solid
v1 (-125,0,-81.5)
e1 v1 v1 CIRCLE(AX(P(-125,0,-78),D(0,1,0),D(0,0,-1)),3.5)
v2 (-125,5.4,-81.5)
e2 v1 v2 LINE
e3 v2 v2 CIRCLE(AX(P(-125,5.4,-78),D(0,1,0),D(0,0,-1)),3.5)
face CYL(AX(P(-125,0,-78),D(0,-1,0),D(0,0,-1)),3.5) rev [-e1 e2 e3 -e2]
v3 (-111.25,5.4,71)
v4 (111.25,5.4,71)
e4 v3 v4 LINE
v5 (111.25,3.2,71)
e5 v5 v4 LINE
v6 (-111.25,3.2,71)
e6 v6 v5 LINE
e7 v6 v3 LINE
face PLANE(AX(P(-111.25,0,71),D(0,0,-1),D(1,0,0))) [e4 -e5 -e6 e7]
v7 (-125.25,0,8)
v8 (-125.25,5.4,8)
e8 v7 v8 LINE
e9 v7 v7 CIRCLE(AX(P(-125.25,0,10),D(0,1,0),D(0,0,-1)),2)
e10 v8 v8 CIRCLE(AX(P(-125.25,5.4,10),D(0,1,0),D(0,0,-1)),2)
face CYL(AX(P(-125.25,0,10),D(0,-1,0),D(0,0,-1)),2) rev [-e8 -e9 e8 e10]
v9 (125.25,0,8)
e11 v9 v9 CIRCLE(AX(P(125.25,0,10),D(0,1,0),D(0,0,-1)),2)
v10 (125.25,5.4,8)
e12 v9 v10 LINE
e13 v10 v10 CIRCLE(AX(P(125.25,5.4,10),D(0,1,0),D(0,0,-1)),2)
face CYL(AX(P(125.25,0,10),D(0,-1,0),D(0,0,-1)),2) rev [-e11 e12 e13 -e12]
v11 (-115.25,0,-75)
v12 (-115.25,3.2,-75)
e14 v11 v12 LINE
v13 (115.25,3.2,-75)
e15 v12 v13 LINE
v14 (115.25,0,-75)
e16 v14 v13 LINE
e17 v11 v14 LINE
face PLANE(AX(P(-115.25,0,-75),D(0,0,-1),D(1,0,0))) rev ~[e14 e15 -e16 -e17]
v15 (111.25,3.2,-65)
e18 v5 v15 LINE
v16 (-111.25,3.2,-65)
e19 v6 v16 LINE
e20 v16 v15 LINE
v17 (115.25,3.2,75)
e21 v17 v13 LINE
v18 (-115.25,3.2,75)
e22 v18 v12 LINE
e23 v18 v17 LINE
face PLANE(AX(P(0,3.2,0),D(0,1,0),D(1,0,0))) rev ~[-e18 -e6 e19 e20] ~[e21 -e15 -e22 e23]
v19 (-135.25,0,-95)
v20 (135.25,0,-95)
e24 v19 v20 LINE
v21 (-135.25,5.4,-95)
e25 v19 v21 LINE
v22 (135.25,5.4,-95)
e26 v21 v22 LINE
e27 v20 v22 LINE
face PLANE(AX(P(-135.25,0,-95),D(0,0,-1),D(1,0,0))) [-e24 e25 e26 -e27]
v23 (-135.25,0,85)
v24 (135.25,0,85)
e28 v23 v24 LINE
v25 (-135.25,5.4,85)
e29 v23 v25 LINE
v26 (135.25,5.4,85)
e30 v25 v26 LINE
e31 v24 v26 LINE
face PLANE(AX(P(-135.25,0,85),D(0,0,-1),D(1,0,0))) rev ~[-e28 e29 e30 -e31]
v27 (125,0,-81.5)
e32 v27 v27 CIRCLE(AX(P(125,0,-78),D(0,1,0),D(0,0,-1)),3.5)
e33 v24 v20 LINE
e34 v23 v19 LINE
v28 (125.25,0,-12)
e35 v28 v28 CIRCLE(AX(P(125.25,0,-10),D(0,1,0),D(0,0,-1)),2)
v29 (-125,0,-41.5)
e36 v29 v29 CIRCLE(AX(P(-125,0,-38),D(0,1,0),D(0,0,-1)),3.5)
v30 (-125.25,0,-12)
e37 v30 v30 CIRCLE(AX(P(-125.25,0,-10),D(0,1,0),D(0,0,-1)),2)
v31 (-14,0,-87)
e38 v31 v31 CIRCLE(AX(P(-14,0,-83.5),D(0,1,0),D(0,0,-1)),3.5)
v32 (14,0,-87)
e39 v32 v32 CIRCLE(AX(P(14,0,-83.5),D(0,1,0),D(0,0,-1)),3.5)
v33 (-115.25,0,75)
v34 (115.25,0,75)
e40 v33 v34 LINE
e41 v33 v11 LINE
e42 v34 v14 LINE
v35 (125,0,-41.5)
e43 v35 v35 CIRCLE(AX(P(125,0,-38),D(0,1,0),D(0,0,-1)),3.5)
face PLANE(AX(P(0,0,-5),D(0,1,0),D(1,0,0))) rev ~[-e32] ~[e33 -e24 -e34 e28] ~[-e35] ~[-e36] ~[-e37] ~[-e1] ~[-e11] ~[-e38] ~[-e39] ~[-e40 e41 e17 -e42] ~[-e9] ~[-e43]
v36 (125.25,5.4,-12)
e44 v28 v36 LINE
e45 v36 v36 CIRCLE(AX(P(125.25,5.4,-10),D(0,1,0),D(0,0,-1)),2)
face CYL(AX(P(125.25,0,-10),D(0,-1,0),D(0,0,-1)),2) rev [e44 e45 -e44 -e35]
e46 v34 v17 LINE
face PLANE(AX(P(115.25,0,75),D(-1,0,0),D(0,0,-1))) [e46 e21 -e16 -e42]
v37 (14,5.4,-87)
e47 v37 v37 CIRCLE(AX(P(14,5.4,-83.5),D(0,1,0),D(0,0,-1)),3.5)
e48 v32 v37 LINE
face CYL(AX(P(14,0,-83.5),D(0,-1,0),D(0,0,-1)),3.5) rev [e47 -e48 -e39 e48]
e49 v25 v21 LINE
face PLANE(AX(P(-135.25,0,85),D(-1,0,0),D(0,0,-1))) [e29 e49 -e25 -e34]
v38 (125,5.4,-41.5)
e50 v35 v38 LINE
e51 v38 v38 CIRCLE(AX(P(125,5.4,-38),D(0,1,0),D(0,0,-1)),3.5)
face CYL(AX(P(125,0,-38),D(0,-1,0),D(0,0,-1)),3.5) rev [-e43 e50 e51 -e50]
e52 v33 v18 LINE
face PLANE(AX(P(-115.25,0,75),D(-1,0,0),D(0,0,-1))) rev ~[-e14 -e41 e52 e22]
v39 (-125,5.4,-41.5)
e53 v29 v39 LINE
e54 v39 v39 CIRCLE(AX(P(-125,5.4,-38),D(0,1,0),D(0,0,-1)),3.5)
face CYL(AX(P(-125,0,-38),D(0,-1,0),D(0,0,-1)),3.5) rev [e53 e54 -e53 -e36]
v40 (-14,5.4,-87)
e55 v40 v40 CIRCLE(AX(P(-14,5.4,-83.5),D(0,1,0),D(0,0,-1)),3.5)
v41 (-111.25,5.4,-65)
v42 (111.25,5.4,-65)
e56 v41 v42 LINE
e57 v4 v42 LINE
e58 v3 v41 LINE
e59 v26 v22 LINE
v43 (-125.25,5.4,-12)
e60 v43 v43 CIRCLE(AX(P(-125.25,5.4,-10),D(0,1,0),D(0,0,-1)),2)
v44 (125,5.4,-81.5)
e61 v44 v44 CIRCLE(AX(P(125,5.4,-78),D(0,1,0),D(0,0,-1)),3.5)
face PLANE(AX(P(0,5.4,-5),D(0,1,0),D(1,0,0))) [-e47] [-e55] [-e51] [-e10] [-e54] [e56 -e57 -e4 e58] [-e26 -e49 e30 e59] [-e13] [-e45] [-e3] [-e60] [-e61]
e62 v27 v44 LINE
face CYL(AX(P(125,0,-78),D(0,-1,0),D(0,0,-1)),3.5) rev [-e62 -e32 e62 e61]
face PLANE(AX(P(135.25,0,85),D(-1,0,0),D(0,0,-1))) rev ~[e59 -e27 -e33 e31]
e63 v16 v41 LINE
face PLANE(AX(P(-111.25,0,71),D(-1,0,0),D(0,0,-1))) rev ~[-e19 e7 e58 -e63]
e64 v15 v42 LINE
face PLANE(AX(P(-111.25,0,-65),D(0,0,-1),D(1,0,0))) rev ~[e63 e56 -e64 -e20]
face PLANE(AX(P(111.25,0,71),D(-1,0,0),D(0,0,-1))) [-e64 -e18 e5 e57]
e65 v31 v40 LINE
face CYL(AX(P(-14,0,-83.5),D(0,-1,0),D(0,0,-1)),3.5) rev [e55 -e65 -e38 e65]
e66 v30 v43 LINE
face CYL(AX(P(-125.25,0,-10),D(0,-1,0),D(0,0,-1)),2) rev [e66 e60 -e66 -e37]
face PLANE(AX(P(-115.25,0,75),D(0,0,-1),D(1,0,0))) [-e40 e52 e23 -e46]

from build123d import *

# Parameters (mm, degrees)
SKETCH1_W           = 270.5
SKETCH1_H           = 180
SKETCH1_R           = 2
SKETCH1_R_2         = 3.5
SKETCH1_W_2         = 222.5
SKETCH1_H_2         = 136
BOSS_EXTRUDE1_DEPTH = 5.4
SKETCH1_5_W         = 230.5
SKETCH1_5_H         = 150
CUT_EXTRUDE1_DEPTH  = 3.2


with BuildPart() as part:
    # Sketch1 → Boss-Extrude1 (new body)
    with BuildSketch(Plane(origin=(0, 0, 0), x_dir=(1, 0, 0), z_dir=(0, 1, 0))):
        with Locations((0, 5)):
            Rectangle(SKETCH1_W, SKETCH1_H)
        with Locations(Location((-125.25, -10, 0), (0, 0, 90))):
            Circle(SKETCH1_R, mode=Mode.SUBTRACT)
        with Locations(Location((125.25, -10, 0), (0, 0, 90))):
            Circle(SKETCH1_R, mode=Mode.SUBTRACT)
        with Locations(Location((-125.25, 10, 0), (0, 0, 90))):
            Circle(SKETCH1_R, mode=Mode.SUBTRACT)
        with Locations(Location((-125, 38, 0), (0, 0, 90))):
            Circle(SKETCH1_R_2, mode=Mode.SUBTRACT)
        with Locations(Location((-125, 78, 0), (0, 0, 90))):
            Circle(SKETCH1_R_2, mode=Mode.SUBTRACT)
        with Locations(Location((-14, 83.5, 0), (0, 0, 90))):
            Circle(SKETCH1_R_2, mode=Mode.SUBTRACT)
        with Locations((0, -3)):
            Rectangle(SKETCH1_W_2, SKETCH1_H_2, mode=Mode.SUBTRACT)
        with Locations(Location((125.25, 10, 0), (0, 0, 90))):
            Circle(SKETCH1_R, mode=Mode.SUBTRACT)
        with Locations(Location((125, 38, 0), (0, 0, 90))):
            Circle(SKETCH1_R_2, mode=Mode.SUBTRACT)
        with Locations(Location((14, 83.5, 0), (0, 0, 90))):
            Circle(SKETCH1_R_2, mode=Mode.SUBTRACT)
        with Locations(Location((125, 78, 0), (0, 0, 90))):
            Circle(SKETCH1_R_2, mode=Mode.SUBTRACT)
    extrude(amount=BOSS_EXTRUDE1_DEPTH)

    # Sketch1<5> → Cut-Extrude1 (cut)
    with BuildSketch(Plane(origin=(0, 0, 0), x_dir=(1, 0, 0), z_dir=(0, 1, 0))):
        Rectangle(SKETCH1_5_W, SKETCH1_5_H)
    extrude(amount=CUT_EXTRUDE1_DEPTH, mode=Mode.SUBTRACT)


solid = part.part
